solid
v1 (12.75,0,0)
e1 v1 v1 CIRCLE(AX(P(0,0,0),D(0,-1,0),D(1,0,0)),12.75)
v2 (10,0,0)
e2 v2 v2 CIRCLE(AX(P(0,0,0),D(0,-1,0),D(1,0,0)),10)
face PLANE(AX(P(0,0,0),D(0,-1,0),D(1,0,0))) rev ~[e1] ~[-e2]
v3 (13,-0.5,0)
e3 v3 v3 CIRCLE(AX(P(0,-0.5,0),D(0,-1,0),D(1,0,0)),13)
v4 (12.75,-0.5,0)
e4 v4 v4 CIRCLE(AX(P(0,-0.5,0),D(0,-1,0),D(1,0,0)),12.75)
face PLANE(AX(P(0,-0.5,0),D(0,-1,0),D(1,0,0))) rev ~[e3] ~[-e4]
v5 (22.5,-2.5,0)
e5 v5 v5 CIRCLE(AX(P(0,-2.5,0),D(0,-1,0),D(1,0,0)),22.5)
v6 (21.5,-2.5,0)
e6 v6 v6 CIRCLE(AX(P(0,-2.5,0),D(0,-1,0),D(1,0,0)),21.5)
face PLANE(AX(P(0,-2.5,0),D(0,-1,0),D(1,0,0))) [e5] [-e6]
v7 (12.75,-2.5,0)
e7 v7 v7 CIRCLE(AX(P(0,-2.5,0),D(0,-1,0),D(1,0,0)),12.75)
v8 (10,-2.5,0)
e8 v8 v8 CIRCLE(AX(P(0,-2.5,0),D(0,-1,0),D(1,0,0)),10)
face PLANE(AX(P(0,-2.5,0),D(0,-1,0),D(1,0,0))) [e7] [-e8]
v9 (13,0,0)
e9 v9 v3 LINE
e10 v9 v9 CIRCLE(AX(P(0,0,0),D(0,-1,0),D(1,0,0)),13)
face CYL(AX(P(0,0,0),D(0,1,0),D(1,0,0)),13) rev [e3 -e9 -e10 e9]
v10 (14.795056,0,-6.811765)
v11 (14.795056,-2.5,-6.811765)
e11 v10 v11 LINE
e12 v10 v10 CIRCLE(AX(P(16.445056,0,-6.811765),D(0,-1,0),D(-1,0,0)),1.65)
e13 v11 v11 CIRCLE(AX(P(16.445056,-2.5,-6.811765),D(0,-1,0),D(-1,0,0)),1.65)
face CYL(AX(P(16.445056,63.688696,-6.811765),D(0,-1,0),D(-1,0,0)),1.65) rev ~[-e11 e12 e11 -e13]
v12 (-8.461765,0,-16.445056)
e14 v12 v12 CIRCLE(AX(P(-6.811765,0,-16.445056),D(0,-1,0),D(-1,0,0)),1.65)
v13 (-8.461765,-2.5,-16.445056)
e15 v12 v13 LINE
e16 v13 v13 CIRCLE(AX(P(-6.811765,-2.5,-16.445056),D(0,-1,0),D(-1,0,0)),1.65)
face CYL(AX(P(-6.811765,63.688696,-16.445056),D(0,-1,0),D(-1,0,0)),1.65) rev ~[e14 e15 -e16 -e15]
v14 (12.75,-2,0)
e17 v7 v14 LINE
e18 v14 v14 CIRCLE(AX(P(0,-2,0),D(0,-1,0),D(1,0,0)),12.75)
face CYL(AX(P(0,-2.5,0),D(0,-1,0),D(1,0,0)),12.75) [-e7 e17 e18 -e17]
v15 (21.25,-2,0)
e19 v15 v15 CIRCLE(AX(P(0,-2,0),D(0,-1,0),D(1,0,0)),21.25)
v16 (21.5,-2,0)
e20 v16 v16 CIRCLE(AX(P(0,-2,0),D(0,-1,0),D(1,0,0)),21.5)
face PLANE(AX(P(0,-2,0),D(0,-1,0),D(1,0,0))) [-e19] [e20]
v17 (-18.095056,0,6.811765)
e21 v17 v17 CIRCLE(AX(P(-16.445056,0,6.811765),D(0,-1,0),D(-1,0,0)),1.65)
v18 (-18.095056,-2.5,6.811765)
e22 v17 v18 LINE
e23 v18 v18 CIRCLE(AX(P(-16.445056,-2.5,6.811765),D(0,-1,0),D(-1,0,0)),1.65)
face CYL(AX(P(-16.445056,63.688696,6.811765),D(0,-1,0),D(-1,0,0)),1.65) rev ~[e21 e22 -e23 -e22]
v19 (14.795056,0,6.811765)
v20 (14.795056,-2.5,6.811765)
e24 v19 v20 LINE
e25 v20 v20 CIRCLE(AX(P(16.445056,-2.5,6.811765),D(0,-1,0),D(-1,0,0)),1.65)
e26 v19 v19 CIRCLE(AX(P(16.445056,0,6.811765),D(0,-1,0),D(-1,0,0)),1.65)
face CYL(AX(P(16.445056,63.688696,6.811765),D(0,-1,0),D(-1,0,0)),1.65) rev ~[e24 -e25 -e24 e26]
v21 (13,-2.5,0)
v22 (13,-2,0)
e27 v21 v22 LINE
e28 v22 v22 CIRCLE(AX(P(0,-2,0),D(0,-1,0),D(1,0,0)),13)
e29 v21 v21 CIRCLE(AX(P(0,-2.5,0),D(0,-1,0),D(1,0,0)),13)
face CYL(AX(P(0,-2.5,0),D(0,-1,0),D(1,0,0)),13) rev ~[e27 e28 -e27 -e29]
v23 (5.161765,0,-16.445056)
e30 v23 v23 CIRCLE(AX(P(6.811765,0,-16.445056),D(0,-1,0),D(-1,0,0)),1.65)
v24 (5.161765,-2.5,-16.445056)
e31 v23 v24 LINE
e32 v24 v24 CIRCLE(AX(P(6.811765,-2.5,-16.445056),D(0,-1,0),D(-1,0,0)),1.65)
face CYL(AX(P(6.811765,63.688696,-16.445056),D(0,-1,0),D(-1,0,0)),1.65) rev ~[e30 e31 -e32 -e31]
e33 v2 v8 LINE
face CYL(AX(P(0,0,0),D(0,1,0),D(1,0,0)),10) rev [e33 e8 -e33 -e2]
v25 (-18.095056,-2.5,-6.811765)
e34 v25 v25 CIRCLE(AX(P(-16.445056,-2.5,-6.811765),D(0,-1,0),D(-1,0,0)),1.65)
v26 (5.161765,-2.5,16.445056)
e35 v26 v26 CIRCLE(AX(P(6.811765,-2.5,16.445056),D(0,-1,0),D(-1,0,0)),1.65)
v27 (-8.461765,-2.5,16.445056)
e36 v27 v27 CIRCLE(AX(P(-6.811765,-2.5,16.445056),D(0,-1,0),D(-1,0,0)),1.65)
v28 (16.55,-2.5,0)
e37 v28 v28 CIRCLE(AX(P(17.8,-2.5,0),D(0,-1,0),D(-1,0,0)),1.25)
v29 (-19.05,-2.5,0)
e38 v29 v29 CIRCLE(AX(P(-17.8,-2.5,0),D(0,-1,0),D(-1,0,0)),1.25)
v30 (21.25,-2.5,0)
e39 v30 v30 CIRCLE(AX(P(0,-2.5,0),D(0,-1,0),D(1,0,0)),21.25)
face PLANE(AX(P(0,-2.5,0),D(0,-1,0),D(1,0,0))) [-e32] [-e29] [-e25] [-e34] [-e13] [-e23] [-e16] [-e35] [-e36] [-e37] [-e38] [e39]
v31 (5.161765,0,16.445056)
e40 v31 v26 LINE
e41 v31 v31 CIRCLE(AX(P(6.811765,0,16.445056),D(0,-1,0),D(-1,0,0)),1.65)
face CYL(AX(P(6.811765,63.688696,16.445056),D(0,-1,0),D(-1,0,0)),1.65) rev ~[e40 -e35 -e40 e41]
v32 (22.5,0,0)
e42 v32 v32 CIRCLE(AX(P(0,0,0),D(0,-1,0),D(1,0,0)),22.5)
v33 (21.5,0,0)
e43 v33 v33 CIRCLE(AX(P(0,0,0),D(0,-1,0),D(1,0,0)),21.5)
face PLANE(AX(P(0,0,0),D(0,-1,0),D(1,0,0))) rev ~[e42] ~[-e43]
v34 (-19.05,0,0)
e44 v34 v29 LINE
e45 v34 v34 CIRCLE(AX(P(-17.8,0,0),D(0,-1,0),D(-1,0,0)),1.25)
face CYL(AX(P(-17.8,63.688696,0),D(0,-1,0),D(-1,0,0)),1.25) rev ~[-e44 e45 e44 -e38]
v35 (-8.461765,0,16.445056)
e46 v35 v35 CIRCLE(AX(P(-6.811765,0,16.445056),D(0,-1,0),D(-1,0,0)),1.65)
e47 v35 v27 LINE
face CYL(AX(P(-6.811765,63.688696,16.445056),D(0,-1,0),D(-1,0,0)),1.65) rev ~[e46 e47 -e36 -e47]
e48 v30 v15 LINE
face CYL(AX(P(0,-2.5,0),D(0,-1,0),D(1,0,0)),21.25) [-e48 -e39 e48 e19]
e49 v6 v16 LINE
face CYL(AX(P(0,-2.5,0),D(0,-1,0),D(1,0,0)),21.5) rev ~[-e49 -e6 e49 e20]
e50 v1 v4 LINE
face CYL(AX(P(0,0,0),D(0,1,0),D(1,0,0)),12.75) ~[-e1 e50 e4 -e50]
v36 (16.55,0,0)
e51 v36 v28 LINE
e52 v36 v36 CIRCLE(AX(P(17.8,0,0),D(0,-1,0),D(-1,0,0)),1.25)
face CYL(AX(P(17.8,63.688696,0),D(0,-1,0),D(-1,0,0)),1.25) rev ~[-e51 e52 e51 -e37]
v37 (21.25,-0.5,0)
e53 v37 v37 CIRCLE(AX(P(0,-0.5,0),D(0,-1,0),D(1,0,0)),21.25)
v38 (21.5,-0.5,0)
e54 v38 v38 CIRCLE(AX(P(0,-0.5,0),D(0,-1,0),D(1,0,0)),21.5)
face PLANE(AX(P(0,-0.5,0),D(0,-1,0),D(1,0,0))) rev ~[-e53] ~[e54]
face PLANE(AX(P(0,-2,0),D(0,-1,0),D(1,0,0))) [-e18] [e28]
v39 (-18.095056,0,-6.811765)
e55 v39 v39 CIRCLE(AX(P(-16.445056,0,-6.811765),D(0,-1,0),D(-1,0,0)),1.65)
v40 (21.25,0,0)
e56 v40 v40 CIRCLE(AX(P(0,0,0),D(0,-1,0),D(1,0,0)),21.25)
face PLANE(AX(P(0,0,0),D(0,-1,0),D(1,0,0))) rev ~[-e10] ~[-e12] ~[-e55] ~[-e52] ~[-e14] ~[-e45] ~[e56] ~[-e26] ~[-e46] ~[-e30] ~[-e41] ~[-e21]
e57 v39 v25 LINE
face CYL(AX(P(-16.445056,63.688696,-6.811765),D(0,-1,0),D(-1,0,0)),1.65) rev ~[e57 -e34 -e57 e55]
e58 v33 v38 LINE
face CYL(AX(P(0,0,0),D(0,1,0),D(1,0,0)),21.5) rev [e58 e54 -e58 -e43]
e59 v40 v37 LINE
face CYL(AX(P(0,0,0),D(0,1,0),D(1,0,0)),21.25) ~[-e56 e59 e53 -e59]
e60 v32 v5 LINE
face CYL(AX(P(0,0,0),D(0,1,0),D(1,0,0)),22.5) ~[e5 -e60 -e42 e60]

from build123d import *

# Parameters (mm, degrees)
F0_R     = 22.5
F0_R_2   = 10
F1_DEPTH = 2.5
F2_D     = 3.3
F3_D     = 2.5
F4_R     = 21.5
F4_R_2   = 21.25
F4_R_3   = 13
F4_R_4   = 12.75
F5_DEPTH = 0.5
F6_R     = 21.5
F6_R_2   = 21.25
F6_R_3   = 13
F6_R_4   = 12.75
F7_DEPTH = 0.5


with BuildPart() as f1:
    # F0 (on Front) → F1 (new body)
    with BuildSketch(Plane.XZ):
        Circle(F0_R)
        Circle(F0_R_2, mode=Mode.SUBTRACT)
    extrude(amount=F1_DEPTH)

    # F2 (through all)
    with Locations(Plane(origin=(0, 0, 0), x_dir=(1, 0, 0), z_dir=(0, 1, 0))):
        with Locations((-16.4450556787, -6.8117650961), (-6.8117650961, -16.4450556787), (6.8117650961, -16.4450556787), (16.4450556787, -6.8117650961), (16.4450556787, 6.8117650961), (6.8117650961, 16.4450556787), (-6.8117650961, 16.4450556787), (-16.4450556787, 6.8117650961)):
            Hole(F2_D / 2)

    # F3 (through all)
    with Locations(Plane(origin=(0, 0, 0), x_dir=(1, 0, 0), z_dir=(0, 1, 0))):
        with Locations((-17.8, 0), (17.8, 0)):
            Hole(F3_D / 2)

    # F4 (on face) → F5 (cut)
    with BuildSketch(Plane.XZ.offset(2.5)):
        Circle(F4_R)
        Circle(F4_R_2, mode=Mode.SUBTRACT)
        Circle(F4_R_3)
        Circle(F4_R_4, mode=Mode.SUBTRACT)
    extrude(amount=-F5_DEPTH, mode=Mode.SUBTRACT)

    # F6 (on face) → F7 (cut)
    with BuildSketch(Plane.XZ):
        Circle(F6_R)
        Circle(F6_R_2, mode=Mode.SUBTRACT)
        Circle(F6_R_3)
        Circle(F6_R_4, mode=Mode.SUBTRACT)
    extrude(amount=F7_DEPTH, mode=Mode.SUBTRACT)


solid = f1.part
